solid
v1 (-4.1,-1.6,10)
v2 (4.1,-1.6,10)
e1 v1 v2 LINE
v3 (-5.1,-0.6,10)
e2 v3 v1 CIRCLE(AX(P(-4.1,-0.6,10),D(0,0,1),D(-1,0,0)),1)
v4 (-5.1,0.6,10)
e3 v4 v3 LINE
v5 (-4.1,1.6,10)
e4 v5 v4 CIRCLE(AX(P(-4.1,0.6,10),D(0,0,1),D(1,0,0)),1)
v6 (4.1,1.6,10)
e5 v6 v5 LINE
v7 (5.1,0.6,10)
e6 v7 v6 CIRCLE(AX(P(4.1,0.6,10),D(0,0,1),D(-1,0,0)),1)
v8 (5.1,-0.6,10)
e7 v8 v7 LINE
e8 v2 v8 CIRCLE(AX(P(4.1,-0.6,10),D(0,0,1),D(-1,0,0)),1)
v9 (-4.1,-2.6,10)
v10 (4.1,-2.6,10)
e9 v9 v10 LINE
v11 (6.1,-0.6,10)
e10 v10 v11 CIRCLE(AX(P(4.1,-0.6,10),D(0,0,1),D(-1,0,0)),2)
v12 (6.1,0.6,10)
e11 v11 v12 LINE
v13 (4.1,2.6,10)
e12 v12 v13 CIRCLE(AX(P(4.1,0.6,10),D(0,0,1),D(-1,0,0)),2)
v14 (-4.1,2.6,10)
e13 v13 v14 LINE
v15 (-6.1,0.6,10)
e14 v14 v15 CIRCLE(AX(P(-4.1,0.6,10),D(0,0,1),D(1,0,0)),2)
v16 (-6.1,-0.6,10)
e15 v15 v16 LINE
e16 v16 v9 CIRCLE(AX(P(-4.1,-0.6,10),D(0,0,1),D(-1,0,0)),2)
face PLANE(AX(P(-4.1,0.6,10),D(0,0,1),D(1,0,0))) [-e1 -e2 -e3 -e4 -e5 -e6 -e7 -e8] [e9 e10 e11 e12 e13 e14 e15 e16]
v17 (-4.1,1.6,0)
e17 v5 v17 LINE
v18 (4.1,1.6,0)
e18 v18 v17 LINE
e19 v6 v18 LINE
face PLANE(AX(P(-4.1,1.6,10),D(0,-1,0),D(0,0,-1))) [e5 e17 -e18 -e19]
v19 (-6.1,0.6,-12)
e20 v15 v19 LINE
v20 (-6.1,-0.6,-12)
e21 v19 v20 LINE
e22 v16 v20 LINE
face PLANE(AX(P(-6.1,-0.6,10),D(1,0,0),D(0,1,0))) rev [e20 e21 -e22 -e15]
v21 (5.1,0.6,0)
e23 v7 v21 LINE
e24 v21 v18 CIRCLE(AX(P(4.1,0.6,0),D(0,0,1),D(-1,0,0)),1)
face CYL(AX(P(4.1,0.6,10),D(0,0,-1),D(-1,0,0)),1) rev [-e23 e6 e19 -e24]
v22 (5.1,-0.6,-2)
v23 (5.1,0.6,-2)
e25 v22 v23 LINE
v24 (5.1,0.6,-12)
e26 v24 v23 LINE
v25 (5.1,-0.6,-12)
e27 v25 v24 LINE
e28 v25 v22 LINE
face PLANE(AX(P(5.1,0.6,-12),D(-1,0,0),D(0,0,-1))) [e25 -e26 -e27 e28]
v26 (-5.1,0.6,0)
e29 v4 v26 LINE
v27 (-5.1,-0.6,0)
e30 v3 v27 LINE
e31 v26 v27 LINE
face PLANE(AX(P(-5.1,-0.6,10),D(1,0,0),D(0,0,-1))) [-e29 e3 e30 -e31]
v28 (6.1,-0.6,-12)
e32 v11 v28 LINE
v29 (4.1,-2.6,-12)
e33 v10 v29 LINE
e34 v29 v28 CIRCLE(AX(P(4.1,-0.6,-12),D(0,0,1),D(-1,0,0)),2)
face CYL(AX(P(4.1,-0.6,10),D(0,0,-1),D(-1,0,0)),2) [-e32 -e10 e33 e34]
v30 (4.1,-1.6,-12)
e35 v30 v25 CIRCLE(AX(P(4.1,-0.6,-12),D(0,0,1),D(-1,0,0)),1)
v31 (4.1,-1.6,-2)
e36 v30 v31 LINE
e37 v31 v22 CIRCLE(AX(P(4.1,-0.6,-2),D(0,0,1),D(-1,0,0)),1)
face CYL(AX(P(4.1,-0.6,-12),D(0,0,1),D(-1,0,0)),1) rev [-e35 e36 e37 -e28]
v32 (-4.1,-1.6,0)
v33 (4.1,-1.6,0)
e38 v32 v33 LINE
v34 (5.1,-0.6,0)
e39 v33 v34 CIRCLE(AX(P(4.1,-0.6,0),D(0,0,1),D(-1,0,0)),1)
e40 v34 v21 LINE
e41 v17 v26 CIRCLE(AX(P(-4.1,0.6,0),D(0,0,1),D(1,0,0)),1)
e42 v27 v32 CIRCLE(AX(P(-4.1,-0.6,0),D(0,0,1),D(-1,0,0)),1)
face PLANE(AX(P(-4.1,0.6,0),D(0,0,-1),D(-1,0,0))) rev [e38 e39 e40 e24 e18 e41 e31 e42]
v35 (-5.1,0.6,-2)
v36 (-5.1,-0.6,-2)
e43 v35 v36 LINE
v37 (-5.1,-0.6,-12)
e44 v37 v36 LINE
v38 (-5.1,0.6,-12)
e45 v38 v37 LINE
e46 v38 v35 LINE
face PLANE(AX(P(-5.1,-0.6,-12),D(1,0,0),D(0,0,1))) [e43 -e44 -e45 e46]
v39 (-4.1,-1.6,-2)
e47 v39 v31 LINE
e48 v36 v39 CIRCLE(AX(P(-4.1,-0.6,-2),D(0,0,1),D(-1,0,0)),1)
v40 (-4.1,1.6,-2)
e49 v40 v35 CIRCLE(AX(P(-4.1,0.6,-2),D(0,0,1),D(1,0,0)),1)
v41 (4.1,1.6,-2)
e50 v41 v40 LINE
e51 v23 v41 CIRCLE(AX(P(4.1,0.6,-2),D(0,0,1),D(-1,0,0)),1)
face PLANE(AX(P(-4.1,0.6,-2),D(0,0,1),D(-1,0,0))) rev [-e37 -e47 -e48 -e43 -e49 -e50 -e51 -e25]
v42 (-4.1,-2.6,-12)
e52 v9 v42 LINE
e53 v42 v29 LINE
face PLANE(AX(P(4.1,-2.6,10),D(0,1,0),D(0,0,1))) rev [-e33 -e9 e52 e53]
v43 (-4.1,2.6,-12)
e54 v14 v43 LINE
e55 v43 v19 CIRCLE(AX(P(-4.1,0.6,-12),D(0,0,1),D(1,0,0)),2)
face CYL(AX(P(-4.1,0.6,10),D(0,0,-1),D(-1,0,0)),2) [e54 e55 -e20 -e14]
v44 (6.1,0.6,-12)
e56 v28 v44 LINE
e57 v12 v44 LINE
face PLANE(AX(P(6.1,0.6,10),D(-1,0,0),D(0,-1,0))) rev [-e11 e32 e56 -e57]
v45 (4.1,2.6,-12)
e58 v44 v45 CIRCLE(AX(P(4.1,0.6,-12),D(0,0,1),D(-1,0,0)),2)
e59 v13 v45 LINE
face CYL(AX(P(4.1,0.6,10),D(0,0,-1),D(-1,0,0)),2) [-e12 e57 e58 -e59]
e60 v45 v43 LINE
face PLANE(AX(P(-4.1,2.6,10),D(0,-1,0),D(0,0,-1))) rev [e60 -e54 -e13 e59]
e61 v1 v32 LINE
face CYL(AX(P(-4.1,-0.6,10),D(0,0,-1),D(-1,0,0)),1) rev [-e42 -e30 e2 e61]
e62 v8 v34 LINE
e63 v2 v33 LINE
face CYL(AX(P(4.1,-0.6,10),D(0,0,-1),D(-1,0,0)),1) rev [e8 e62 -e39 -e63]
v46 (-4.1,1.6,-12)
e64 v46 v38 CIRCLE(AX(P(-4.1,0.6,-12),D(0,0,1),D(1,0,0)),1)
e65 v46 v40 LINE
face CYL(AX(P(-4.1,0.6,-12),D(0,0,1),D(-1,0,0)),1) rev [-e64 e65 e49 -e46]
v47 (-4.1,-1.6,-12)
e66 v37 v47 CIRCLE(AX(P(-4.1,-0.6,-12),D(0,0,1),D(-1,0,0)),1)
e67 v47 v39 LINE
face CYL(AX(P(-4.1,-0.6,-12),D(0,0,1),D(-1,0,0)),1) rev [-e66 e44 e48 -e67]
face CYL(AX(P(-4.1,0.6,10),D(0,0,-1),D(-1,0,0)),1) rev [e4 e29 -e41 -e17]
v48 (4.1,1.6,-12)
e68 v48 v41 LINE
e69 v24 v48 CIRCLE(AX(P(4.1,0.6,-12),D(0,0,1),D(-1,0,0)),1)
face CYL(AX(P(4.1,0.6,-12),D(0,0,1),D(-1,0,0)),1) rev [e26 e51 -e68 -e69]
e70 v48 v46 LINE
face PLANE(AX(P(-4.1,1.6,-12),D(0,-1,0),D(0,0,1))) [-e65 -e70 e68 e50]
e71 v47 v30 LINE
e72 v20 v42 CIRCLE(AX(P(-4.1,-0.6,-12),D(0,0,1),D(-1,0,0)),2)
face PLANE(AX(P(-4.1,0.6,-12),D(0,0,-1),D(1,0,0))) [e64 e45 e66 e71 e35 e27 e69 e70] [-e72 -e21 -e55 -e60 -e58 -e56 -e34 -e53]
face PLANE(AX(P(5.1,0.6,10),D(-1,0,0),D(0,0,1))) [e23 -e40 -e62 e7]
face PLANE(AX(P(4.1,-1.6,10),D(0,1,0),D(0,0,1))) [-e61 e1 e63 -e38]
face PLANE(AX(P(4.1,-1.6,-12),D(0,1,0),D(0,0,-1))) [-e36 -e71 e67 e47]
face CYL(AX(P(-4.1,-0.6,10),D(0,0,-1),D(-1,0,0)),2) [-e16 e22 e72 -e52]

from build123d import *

# Parameters (mm, degrees)
BOSS_EXTRU_2_DEPTH = 10
BOSS_EXTRU_3_DEPTH = 1


with BuildPart() as part:
    # Esquisse1 → Boss.-Extru.2 (new body)
    with BuildSketch(Plane.XY):
        with BuildLine():
            Line((-4.1, 2.6), (4.1, 2.6))
            ThreePointArc((4.1, 2.6), (5.514213562, 2.014213562), (6.1, 0.6))
            Line((6.1, 0.6), (6.1, -0.6))
            ThreePointArc((6.1, -0.6), (5.514213562, -2.014213562), (4.1, -2.6))
            Line((4.1, -2.6), (-4.1, -2.6))
            ThreePointArc((-4.1, -2.6), (-5.514213562, -2.014213562), (-6.1, -0.6))
            Line((-6.1, -0.6), (-6.1, 0.6))
            ThreePointArc((-6.1, 0.6), (-5.514213562, 2.014213562), (-4.1, 2.6))
        make_face()
        with BuildLine():
            Line((-4.1, 1.6), (4.1, 1.6))
            ThreePointArc((4.1, 1.6), (4.807106781, 1.307106781), (5.1, 0.6))
            Line((5.1, 0.6), (5.1, -0.6))
            ThreePointArc((5.1, -0.6), (4.807106781, -1.307106781), (4.1, -1.6))
            Line((4.1, -1.6), (-4.1, -1.6))
            ThreePointArc((-4.1, -1.6), (-4.807106781, -1.307106781), (-5.1, -0.6))
            Line((-5.1, -0.6), (-5.1, 0.6))
            ThreePointArc((-5.1, 0.6), (-4.807106781, 1.307106781), (-4.1, 1.6))
        make_face(mode=Mode.SUBTRACT)
    boss_extru_2 = extrude(amount=BOSS_EXTRU_2_DEPTH)

    # Esquisse2 → Boss.-Extru.3 (add)
    with BuildSketch(Plane(origin=(0, 0, 0), x_dir=(-1, 0, 0), z_dir=(0, 0, -1))):
        with BuildLine():
            Line((4.1, 2.6), (-4.1, 2.6))
            ThreePointArc((-4.1, 2.6), (-5.514213562, 2.014213562), (-6.1, 0.6))
            Line((-6.1, 0.6), (-6.1, -0.6))
            ThreePointArc((-6.1, -0.6), (-5.514213562, -2.014213562), (-4.1, -2.6))
            Line((-4.1, -2.6), (4.1, -2.6))
            ThreePointArc((4.1, -2.6), (5.514213562, -2.014213562), (6.1, -0.6))
            Line((6.1, -0.6), (6.1, 0.6))
            ThreePointArc((6.1, 0.6), (5.514213562, 2.014213562), (4.1, 2.6))
        make_face()
    boss_extru_3 = extrude(amount=BOSS_EXTRU_3_DEPTH)

    # Symétrie1: Boss.-Extru.2, Boss.-Extru.3 across plane
    add(boss_extru_2.mirror(Plane(origin=(-4.1, 0.6, -1), x_dir=(1, 0, 0), z_dir=(0, 0, -1))))
    add(boss_extru_3.mirror(Plane(origin=(-4.1, 0.6, -1), x_dir=(1, 0, 0), z_dir=(0, 0, -1))))


solid = part.part
